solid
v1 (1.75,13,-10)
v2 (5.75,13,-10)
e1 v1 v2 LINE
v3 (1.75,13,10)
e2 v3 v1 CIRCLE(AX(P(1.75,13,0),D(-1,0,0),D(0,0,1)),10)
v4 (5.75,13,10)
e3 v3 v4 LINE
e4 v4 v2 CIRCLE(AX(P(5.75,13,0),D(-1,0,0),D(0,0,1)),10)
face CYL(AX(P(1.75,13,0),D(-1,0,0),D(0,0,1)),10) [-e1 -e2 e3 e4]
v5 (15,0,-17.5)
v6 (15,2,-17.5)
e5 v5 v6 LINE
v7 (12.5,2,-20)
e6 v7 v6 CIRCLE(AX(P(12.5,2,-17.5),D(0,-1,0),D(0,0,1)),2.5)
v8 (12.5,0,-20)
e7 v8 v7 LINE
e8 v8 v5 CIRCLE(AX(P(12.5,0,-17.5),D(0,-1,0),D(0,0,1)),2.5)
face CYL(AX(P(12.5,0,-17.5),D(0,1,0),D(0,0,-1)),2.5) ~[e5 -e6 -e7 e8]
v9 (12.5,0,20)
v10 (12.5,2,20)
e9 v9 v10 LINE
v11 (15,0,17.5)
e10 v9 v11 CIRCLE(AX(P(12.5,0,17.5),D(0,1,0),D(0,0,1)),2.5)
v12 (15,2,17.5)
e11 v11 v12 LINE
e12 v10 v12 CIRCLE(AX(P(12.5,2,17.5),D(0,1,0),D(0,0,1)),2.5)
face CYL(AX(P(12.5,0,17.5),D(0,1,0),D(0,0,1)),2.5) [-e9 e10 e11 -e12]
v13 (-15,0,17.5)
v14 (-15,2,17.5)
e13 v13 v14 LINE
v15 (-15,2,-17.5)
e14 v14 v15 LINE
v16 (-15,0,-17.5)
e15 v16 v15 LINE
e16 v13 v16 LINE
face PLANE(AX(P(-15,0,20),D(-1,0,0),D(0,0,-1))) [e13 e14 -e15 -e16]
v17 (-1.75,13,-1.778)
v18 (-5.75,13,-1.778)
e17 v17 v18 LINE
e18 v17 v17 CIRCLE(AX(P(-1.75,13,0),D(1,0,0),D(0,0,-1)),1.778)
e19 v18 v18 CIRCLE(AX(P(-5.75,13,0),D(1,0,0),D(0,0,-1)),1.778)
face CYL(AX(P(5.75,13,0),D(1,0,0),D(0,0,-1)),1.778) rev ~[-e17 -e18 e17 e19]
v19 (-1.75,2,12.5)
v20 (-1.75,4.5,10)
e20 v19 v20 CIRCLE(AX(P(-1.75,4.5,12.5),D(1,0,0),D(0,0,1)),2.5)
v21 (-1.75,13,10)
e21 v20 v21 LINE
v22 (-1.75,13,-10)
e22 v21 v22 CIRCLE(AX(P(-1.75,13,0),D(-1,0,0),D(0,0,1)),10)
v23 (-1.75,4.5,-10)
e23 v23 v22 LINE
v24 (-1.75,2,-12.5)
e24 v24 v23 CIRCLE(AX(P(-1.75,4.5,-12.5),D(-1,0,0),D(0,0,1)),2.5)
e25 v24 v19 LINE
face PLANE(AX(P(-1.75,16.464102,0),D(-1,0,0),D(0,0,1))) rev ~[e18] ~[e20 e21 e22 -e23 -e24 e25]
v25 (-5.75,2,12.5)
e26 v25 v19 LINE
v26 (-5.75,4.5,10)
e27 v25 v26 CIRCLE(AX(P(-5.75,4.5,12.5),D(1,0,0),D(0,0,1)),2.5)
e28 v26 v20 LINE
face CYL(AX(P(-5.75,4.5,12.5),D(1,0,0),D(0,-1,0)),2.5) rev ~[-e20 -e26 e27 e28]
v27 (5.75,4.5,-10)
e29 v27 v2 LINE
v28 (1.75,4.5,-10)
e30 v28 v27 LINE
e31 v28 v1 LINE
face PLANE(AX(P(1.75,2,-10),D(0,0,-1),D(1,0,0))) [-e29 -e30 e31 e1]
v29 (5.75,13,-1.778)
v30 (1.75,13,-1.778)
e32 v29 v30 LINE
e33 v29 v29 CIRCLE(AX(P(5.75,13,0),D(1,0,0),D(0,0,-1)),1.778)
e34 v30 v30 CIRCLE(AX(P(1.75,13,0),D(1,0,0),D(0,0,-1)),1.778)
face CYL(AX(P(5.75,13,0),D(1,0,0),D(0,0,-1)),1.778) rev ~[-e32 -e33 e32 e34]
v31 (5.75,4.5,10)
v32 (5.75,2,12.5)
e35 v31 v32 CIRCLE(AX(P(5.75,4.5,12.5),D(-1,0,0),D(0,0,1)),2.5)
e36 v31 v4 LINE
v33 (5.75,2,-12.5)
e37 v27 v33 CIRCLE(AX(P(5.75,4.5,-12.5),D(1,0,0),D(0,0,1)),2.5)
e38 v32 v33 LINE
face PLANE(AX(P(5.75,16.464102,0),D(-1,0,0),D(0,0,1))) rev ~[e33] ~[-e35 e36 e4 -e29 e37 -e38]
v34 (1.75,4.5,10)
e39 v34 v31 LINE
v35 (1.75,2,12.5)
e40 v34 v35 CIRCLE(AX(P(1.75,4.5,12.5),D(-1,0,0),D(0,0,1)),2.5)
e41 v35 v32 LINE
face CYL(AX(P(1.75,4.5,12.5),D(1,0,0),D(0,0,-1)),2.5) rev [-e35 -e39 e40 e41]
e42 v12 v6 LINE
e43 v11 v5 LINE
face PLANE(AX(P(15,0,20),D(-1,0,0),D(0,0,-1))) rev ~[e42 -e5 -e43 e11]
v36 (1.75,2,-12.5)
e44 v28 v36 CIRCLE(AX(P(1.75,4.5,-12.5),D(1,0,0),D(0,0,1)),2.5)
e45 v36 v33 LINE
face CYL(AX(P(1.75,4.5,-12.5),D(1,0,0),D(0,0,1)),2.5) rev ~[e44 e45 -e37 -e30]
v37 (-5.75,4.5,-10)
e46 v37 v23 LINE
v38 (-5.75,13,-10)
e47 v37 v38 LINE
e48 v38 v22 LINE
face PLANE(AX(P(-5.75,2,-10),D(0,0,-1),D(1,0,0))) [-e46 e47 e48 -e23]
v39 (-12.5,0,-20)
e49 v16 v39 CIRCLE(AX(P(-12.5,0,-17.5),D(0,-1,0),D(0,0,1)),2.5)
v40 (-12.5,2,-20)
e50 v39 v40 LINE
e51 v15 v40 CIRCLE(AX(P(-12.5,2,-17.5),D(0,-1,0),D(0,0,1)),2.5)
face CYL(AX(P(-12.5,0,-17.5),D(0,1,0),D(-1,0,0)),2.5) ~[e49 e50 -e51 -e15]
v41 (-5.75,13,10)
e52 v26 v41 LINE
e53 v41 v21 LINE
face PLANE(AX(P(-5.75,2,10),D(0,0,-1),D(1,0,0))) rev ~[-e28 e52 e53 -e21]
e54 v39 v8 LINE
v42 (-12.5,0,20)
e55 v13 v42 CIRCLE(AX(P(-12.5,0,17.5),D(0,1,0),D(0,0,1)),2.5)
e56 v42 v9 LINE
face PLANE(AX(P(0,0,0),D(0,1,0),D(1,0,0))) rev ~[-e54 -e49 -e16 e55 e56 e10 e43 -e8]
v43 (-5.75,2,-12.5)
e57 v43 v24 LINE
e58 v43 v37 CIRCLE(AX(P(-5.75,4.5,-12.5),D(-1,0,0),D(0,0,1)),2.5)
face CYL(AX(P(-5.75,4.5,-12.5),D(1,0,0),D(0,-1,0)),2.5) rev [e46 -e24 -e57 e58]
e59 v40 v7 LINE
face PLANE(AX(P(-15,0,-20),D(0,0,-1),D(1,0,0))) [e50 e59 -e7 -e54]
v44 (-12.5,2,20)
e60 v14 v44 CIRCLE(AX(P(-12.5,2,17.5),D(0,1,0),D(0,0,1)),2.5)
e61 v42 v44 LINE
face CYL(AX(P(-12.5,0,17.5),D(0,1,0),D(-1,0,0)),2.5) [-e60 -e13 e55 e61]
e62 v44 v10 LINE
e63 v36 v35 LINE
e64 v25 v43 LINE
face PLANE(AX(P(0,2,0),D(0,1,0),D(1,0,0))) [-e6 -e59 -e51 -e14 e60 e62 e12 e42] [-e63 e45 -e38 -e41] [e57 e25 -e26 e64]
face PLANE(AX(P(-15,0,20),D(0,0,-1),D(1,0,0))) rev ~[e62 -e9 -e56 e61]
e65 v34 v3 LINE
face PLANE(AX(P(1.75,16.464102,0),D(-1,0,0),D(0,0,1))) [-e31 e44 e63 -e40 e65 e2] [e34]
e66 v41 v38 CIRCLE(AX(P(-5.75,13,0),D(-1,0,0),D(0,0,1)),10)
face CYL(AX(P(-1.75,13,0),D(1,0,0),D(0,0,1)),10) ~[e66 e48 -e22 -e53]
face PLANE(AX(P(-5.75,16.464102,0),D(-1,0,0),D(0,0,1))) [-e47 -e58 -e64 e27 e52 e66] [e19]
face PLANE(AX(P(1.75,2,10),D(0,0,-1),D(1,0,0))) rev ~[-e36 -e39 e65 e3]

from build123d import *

# Parameters (mm, degrees)
ESQUISSE1_W             = 30
ESQUISSE1_H             = 40
BOSS_EXTRU_1_DEPTH      = 2
ESQUISSE2_W             = 4
ESQUISSE2_H             = 20
BOSS_EXTRU_2_DEPTH      = 11
BOSS_EXTRU_3_START      = -4
BOSS_EXTRU_3_DEPTH      = 4
BOSS_EXTRU_4_START      = -4
BOSS_EXTRU_4_DEPTH      = 4
ESQUISSE5_R             = 1.778
ENL_V_MAT_EXTRU_1_DEPTH = 11.5
CONG_1_R                = 2.5


with BuildPart() as part:
    # Esquisse1 → Boss.-Extru.1 (new body)
    with BuildSketch(Plane(origin=(0, 0, 0), x_dir=(1, 0, 0), z_dir=(0, 1, 0))):
        Rectangle(ESQUISSE1_W, ESQUISSE1_H)
    extrude(amount=BOSS_EXTRU_1_DEPTH)

    # Esquisse2 → Boss.-Extru.2 (add)
    with BuildSketch(Plane(origin=(0, 2, 0), x_dir=(1, 0, 0), z_dir=(0, 1, 0))):
        with Locations((3.75, 0)):
            Rectangle(ESQUISSE2_W, ESQUISSE2_H)
        with Locations((-3.75, 0)):
            Rectangle(ESQUISSE2_W, ESQUISSE2_H)
    extrude(amount=BOSS_EXTRU_2_DEPTH)

    # Esquisse3 → Boss.-Extru.3 (add)
    with BuildSketch(Plane.ZY.offset(5.75).offset(BOSS_EXTRU_3_START)):
        with BuildLine():
            Line((-10, 13), (10, 13))
            ThreePointArc((10, 13), (0, 23), (-10, 13))
        make_face()
    extrude(amount=BOSS_EXTRU_3_DEPTH)

    # Esquisse4 → Boss.-Extru.4 (add)
    with BuildSketch(Plane(origin=(5.75, 0, 0), x_dir=(0, 0, -1), z_dir=(1, 0, 0)).offset(BOSS_EXTRU_4_START)):
        with BuildLine():
            Line((10, 13), (-10, 13))
            ThreePointArc((-10, 13), (0, 23), (10, 13))
        make_face()
    extrude(amount=BOSS_EXTRU_4_DEPTH)

    # Esquisse5 → Enlèv. mat.-Extru.1 (cut)
    with BuildSketch(Plane(origin=(5.75, 0, 0), x_dir=(0, 0, -1), z_dir=(1, 0, 0))):
        with Locations((0, 13)):
            Circle(ESQUISSE5_R)
    extrude(amount=-ENL_V_MAT_EXTRU_1_DEPTH, mode=Mode.SUBTRACT)

    # Congé1
    cong_1_edges = [part.edges().sort_by_distance(p)[0] for p in [
        (3.75, 2, 10),
        (3.75, 2, -10),
        (-3.75, 2, -10),
        (-3.75, 2, 10),
        (-15, 1, -20),
        (15, 1, -20),
        (15, 1, 20),
        (-15, 1, 20),
    ]]
    fillet(cong_1_edges, radius=CONG_1_R)


solid = part.part
